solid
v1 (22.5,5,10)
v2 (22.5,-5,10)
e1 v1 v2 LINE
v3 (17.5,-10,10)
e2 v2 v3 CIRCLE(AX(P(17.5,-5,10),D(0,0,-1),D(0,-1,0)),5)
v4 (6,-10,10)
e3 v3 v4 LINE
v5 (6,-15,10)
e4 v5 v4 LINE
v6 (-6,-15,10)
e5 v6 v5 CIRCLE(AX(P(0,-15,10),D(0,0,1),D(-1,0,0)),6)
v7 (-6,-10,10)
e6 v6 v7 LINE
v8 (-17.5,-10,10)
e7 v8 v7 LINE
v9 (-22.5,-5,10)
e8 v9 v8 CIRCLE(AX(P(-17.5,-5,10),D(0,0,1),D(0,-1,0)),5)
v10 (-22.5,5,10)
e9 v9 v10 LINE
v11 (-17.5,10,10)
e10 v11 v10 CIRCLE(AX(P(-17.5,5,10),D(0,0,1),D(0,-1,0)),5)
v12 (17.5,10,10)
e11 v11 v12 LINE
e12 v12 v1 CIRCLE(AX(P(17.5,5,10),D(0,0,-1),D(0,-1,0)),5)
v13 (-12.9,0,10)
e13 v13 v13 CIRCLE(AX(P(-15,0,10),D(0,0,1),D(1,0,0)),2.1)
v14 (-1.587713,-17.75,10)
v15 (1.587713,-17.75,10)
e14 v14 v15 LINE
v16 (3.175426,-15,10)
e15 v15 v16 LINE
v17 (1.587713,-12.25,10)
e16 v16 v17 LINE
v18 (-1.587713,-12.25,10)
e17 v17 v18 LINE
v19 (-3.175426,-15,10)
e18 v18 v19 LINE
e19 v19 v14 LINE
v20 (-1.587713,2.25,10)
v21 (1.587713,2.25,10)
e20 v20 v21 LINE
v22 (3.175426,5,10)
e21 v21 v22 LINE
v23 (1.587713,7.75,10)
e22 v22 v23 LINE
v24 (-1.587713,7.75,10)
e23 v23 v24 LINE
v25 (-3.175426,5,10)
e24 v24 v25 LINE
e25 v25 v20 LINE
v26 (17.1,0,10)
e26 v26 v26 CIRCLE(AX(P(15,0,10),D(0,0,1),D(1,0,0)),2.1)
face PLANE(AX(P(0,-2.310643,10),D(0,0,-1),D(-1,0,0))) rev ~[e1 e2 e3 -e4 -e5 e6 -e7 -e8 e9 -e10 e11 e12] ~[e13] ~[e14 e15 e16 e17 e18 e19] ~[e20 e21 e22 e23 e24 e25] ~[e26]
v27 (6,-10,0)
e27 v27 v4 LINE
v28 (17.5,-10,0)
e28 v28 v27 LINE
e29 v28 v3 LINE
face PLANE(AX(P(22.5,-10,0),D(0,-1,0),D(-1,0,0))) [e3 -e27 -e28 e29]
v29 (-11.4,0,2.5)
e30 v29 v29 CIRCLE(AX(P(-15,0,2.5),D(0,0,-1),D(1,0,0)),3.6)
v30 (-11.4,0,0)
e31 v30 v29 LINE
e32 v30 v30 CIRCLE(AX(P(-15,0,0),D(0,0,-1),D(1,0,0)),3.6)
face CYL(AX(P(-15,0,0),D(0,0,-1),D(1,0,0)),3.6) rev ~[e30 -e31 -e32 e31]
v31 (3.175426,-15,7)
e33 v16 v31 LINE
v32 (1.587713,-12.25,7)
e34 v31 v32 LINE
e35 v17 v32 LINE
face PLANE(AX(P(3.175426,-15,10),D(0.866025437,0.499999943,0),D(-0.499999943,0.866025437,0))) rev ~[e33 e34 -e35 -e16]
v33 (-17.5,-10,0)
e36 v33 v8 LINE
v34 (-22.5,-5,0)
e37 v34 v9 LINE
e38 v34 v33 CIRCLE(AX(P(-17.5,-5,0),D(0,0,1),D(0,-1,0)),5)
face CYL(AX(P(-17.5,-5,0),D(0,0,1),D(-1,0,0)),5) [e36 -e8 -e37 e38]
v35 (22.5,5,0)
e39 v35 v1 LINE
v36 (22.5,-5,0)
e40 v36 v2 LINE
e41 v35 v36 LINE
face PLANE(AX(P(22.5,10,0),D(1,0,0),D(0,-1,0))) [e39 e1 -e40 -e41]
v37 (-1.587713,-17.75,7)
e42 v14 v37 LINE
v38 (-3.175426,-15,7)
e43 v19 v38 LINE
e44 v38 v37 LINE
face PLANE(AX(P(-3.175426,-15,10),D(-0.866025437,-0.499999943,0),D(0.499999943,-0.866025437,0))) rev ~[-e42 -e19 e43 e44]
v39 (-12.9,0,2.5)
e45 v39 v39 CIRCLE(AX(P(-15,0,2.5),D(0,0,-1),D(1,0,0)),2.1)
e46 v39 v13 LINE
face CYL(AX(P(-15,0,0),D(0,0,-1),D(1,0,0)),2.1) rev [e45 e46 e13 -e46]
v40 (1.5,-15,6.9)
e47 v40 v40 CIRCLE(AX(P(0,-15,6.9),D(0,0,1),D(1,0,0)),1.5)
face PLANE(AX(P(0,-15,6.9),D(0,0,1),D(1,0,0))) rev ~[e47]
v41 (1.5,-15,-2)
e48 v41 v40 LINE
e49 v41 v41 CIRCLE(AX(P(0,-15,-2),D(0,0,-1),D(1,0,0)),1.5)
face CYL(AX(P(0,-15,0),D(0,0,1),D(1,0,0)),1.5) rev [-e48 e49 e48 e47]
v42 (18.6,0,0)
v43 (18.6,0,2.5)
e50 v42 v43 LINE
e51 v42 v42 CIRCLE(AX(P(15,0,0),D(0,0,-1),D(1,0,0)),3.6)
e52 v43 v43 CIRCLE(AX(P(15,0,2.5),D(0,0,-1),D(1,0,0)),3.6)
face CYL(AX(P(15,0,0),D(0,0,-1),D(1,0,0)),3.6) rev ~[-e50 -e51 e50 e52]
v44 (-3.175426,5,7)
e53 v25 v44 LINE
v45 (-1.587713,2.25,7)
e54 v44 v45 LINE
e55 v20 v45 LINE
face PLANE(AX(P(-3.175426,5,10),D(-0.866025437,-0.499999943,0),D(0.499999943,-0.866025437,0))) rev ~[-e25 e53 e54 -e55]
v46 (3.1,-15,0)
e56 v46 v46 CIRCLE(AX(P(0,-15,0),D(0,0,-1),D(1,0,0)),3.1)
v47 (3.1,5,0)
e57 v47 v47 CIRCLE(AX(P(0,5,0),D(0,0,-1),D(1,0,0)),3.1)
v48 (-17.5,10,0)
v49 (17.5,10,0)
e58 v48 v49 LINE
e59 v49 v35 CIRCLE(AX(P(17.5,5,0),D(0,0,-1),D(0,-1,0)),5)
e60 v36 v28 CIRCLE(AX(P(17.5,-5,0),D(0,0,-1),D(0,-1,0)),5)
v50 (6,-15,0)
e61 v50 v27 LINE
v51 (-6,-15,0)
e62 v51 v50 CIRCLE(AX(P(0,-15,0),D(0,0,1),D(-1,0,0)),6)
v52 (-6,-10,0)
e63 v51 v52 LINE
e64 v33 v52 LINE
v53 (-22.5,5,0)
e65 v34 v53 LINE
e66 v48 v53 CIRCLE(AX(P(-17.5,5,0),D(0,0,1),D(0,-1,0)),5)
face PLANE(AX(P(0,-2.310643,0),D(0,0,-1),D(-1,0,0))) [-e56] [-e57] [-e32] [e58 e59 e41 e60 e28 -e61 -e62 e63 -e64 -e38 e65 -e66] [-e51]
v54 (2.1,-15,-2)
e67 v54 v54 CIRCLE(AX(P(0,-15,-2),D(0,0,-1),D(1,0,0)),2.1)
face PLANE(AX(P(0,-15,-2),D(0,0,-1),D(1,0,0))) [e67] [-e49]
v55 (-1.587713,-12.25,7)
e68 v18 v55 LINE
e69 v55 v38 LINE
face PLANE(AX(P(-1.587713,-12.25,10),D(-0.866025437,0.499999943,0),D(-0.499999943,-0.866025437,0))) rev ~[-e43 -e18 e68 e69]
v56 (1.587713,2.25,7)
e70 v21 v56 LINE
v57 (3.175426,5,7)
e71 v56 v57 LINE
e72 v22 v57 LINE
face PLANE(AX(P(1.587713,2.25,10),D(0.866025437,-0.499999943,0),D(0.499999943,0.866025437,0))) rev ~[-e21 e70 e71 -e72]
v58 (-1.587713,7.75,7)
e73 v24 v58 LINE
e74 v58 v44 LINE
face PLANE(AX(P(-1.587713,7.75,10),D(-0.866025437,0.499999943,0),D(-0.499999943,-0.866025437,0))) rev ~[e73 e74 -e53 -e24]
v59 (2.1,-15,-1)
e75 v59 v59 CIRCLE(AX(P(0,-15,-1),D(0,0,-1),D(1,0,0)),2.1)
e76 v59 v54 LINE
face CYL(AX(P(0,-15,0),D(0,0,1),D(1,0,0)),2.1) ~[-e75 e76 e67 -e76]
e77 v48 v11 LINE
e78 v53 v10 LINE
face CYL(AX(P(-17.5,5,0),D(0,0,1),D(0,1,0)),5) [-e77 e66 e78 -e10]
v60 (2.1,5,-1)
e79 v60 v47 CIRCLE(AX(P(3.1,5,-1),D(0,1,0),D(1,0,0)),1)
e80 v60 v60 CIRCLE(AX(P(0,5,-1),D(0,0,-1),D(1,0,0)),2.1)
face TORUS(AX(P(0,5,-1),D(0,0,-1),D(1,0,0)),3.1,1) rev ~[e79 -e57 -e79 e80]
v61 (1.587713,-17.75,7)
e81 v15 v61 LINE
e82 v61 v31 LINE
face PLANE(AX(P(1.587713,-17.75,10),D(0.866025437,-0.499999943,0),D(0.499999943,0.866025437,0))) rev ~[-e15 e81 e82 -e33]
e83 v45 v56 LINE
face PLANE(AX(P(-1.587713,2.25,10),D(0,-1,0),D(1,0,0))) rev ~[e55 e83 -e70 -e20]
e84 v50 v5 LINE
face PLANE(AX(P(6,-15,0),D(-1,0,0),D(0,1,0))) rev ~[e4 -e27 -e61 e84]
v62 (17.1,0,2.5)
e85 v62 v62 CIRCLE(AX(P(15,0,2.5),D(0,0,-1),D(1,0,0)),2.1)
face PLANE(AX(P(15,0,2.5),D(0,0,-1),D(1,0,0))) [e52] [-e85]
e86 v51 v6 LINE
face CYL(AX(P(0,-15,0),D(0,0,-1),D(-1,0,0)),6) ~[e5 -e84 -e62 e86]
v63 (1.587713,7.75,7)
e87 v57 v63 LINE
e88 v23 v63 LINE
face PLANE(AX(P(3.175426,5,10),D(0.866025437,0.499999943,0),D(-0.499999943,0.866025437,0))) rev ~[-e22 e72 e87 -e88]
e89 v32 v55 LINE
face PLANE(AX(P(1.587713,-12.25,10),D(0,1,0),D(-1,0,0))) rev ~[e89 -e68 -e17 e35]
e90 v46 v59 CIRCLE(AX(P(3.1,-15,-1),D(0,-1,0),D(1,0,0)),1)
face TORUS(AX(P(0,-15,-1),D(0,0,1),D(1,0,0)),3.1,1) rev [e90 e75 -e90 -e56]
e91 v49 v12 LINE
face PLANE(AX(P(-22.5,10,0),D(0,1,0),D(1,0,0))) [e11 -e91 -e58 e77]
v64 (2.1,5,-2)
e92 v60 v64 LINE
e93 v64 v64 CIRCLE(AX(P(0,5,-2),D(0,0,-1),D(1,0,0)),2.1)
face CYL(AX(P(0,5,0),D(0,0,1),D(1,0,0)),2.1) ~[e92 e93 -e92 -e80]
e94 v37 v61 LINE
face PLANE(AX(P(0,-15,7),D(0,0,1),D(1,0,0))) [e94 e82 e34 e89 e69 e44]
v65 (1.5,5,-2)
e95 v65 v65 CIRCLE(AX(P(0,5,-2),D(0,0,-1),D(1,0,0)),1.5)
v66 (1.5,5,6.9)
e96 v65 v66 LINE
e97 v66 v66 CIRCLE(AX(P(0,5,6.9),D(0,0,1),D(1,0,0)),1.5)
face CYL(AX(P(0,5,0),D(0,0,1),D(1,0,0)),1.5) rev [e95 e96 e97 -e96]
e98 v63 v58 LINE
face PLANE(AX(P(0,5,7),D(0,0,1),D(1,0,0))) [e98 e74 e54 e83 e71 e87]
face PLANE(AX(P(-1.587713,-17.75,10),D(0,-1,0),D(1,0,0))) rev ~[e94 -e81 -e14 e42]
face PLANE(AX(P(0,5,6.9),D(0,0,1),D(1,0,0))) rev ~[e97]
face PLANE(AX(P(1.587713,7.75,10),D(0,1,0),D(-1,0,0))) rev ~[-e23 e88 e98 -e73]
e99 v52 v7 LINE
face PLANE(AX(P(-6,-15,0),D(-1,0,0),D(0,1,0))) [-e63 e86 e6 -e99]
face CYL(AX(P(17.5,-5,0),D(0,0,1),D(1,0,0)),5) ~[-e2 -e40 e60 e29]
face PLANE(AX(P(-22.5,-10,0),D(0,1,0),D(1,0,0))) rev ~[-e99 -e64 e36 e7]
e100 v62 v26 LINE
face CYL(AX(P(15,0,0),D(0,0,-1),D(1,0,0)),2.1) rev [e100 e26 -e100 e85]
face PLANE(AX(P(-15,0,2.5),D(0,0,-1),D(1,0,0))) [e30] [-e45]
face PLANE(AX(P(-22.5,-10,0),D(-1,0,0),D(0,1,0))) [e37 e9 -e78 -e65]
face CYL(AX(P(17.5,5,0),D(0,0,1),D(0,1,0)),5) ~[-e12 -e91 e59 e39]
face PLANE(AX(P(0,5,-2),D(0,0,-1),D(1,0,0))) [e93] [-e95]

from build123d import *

# Parameters (mm, degrees)
SKETCH_R        = 2.1
SKETCH_R_2      = 1.5
PAD_DEPTH       = 10
POCKET_DEPTH    = 3
SKETCH002_R     = 2.1
SKETCH002_R_2   = 1.5
PAD001_DEPTH    = 2
SKETCH003_R     = 3.6
SKETCH003_R_2   = 2.1
POCKET001_DEPTH = 2.5
FILLET_R        = 1
FILLET001_R     = 5
SKETCH004_R     = 1.5
PAD002_DEPTH    = 0.1


with BuildPart() as part:
    # Sketch → Pad (new body)
    with BuildSketch(Plane.XY):
        with BuildLine():
            Line((-22.5, 10), (22.5, 10))
            Line((22.5, 10), (22.5, -10))
            Line((22.5, -10), (6, -10))
            Line((6, -15), (6, -10))
            ThreePointArc((-6, -15), (0, -21), (6, -15))
            Line((-6, -15), (-6, -10))
            Line((-22.5, -10), (-6, -10))
            Line((-22.5, -10), (-22.5, 10))
        make_face()
        with Locations((-15, 0)):
            Circle(SKETCH_R, mode=Mode.SUBTRACT)
        with Locations((15, 0)):
            Circle(SKETCH_R, mode=Mode.SUBTRACT)
        with Locations((0, 5)):
            Circle(SKETCH_R_2, mode=Mode.SUBTRACT)
        with Locations((0, -15)):
            Circle(SKETCH_R_2, mode=Mode.SUBTRACT)
    extrude(amount=PAD_DEPTH)

    # Sketch001 → Pocket (cut)
    with BuildSketch(Plane.XY.offset(10)):
        Polygon((1.587713, 2.25), (3.175426, 5), (1.587713, 7.75), (-1.587713, 7.75), (-3.175426, 5), (-1.587713, 2.25), align=None)
        Polygon((1.587713, -17.75), (3.175426, -15), (1.587713, -12.25), (-1.587713, -12.25), (-3.175426, -15), (-1.587713, -17.75), align=None)
    extrude(amount=-POCKET_DEPTH, mode=Mode.SUBTRACT)

    # Sketch002 → Pad001 (new body)
    with BuildSketch(Plane(origin=(0, 0, 0), x_dir=(1, 0, 0), z_dir=(0, 0, -1))):
        with Locations((0, -5)):
            Circle(SKETCH002_R)
        with Locations((0, -5)):
            Circle(SKETCH002_R_2, mode=Mode.SUBTRACT)
        with Locations((0, 15)):
            Circle(SKETCH002_R)
        with Locations((0, 15)):
            Circle(SKETCH002_R_2, mode=Mode.SUBTRACT)
    extrude(amount=PAD001_DEPTH)

    # Sketch003 → Pocket001 (cut)
    with BuildSketch(Plane(origin=(0, 0, 0), x_dir=(1, 0, 0), z_dir=(0, 0, -1))):
        with Locations((15, 0)):
            Circle(SKETCH003_R)
        with Locations((15, 0)):
            Circle(SKETCH003_R_2, mode=Mode.SUBTRACT)
        with Locations((-15, 0)):
            Circle(SKETCH003_R)
        with Locations((-15, 0)):
            Circle(SKETCH003_R_2, mode=Mode.SUBTRACT)
    extrude(amount=-POCKET001_DEPTH, mode=Mode.SUBTRACT)

    # Fillet
    fillet_edges = [part.edges().sort_by_distance(p)[0] for p in [
        (-2.1, 5, 0),
        (-2.1, -15, 0),
    ]]
    fillet(fillet_edges, radius=FILLET_R)

    # Fillet001
    fillet001_edges = [part.edges().sort_by_distance(p)[0] for p in [
        (22.5, 10, 5),
        (22.5, -10, 5),
        (-22.5, 10, 5),
        (-22.5, -10, 5),
    ]]
    fillet(fillet001_edges, radius=FILLET001_R)

    # Sketch004 → Pad002 (new body)
    with BuildSketch(Plane.XY.offset(7)):
        with Locations((0, 5)):
            Circle(SKETCH004_R)
        with Locations((0, -15)):
            Circle(SKETCH004_R)
    extrude(amount=-PAD002_DEPTH)


solid = part.part
